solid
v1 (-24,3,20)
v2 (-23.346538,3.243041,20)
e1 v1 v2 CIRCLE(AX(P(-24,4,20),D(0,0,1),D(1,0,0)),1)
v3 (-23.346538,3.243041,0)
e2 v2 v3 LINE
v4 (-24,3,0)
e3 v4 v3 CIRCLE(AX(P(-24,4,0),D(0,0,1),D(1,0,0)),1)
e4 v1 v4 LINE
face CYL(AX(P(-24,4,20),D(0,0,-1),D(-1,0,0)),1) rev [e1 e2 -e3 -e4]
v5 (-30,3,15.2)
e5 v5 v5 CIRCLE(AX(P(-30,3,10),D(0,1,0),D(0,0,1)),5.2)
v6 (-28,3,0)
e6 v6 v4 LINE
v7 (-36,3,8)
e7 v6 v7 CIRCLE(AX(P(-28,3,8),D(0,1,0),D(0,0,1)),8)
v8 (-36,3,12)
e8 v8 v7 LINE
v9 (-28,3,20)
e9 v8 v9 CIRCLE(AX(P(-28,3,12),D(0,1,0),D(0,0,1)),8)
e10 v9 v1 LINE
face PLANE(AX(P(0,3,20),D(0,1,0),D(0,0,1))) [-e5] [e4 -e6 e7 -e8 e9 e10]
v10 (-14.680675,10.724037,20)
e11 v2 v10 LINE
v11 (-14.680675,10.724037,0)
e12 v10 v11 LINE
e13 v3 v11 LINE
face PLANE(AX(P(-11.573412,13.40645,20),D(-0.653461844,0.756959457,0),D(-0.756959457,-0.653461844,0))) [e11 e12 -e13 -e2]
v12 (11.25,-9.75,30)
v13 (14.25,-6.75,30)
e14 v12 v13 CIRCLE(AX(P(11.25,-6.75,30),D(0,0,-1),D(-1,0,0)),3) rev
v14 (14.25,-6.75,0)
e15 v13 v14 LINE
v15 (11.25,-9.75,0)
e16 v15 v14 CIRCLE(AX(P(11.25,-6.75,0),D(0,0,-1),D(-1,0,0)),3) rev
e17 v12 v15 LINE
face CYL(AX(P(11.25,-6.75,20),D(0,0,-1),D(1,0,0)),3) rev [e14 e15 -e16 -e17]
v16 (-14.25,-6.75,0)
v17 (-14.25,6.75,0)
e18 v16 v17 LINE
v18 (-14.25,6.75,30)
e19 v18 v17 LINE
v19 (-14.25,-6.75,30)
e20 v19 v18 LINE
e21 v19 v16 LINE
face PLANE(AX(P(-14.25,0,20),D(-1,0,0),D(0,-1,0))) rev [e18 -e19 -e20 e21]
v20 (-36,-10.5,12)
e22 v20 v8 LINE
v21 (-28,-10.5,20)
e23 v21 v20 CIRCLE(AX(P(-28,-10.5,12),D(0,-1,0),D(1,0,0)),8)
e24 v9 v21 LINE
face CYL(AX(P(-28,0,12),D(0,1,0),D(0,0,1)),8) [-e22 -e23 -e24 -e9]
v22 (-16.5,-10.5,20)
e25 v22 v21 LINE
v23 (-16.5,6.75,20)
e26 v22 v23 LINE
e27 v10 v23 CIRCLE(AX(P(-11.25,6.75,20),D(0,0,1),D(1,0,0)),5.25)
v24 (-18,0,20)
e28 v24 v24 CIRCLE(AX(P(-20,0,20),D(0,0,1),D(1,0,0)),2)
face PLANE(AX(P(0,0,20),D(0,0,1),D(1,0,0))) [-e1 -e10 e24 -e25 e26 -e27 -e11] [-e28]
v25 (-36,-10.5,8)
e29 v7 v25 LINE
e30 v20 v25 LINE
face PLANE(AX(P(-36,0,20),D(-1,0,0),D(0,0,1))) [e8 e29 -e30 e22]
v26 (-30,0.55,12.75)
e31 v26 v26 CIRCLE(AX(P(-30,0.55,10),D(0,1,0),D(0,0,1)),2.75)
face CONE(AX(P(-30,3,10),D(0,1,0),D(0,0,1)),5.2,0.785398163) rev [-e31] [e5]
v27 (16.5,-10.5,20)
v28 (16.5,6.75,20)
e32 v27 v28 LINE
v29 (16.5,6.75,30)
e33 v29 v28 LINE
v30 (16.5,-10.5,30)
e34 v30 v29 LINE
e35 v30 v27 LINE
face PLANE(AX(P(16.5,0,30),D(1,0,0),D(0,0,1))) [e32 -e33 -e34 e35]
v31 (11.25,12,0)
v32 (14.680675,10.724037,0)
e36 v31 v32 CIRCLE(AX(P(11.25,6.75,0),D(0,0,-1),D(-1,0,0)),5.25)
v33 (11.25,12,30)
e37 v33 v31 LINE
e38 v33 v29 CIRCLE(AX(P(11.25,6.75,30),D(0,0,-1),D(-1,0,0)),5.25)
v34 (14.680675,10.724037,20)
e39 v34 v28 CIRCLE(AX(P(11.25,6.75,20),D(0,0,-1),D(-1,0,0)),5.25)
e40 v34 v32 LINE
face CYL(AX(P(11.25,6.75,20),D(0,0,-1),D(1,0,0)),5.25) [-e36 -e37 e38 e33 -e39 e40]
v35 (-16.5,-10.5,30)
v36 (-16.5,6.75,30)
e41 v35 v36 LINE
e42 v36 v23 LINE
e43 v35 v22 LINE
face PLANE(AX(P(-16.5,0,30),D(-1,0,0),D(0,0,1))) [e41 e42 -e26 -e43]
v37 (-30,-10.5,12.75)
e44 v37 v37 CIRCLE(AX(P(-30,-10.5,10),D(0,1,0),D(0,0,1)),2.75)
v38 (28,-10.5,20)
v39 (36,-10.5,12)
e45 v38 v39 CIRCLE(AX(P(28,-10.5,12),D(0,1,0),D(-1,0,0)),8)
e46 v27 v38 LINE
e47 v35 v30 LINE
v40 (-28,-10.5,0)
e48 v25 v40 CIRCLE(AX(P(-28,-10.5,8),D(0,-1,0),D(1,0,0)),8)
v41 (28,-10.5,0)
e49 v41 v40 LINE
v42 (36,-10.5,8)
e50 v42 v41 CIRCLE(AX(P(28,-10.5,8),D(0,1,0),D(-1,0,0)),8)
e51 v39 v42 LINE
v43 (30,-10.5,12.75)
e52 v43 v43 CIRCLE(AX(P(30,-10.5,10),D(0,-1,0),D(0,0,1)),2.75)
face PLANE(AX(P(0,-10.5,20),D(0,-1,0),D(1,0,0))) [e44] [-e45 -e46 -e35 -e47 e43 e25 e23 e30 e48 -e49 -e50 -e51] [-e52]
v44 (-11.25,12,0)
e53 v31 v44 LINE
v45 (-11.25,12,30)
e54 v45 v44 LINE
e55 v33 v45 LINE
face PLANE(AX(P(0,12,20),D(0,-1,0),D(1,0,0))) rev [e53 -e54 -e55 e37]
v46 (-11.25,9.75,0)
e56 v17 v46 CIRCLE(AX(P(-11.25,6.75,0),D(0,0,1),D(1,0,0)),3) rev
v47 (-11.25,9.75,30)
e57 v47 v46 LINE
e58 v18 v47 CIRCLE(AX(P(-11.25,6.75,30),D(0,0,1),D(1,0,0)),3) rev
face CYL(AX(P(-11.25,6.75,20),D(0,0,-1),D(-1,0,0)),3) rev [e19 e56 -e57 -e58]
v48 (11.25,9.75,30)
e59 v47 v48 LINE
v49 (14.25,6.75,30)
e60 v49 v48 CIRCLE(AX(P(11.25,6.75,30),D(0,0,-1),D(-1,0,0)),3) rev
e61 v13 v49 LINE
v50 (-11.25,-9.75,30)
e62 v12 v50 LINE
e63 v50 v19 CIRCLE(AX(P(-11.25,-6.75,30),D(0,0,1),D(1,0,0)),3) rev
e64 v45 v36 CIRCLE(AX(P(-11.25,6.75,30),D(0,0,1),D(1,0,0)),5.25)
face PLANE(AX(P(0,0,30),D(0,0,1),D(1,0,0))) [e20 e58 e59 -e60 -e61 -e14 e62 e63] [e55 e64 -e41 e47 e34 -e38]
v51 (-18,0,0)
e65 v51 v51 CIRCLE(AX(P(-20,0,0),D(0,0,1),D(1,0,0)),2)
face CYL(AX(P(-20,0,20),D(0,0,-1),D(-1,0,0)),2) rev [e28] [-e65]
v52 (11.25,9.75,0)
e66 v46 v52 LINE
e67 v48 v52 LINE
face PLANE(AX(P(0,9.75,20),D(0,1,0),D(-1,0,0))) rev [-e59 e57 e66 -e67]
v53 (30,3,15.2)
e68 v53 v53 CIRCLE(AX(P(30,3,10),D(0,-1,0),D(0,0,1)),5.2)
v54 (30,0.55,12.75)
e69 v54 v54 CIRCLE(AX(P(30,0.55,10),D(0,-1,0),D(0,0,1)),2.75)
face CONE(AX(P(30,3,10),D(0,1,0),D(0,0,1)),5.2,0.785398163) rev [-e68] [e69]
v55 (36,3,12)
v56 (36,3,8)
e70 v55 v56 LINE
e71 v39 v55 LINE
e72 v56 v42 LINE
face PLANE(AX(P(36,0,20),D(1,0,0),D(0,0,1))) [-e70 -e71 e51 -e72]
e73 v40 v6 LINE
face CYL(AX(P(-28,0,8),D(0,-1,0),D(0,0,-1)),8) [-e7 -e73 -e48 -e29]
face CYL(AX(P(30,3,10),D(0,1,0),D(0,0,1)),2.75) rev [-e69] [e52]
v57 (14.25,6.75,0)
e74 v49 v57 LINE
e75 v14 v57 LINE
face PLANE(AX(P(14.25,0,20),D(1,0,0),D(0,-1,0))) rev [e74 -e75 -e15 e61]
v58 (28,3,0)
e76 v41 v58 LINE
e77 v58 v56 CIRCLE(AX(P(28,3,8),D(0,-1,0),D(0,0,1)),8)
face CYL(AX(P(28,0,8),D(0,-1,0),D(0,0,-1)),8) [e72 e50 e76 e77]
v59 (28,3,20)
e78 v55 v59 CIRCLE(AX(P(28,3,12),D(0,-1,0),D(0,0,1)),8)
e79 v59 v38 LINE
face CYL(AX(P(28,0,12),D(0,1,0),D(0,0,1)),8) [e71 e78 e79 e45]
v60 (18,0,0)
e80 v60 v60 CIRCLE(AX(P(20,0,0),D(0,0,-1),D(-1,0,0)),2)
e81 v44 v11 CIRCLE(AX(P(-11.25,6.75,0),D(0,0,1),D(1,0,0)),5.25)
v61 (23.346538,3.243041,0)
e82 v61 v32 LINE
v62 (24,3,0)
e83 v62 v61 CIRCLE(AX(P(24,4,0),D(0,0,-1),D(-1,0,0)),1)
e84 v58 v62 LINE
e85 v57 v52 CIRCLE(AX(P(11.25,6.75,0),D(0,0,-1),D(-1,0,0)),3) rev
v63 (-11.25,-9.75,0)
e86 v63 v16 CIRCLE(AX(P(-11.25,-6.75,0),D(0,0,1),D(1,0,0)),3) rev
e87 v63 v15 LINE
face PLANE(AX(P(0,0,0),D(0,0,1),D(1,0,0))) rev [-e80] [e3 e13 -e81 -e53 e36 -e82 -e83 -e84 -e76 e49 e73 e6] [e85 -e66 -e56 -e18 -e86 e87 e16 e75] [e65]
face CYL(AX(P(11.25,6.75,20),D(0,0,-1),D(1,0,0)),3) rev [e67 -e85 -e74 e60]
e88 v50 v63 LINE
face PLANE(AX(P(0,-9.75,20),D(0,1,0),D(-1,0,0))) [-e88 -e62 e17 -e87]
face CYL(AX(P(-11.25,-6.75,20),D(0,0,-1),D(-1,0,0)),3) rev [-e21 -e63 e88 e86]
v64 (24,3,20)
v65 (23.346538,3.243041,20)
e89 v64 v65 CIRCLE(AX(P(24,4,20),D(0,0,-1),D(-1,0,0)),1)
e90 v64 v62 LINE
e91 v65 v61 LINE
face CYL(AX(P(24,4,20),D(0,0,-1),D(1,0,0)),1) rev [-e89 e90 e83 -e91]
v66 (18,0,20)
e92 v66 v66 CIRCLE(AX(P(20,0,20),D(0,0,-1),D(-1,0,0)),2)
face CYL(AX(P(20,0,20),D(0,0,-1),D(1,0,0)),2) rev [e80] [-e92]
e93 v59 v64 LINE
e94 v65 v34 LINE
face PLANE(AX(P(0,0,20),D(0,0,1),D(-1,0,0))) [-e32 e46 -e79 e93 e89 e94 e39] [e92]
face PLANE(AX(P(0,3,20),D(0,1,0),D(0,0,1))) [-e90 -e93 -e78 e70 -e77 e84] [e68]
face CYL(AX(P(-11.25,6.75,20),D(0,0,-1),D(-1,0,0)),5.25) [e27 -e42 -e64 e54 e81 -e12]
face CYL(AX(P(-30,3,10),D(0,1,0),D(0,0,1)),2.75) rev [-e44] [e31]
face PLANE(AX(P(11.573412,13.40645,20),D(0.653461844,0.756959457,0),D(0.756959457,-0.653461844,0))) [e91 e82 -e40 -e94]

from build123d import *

# Parameters (mm, degrees)
SKETCH1_R                                       = 2
BOSS_EXTRUDE1_DEPTH                             = 20
CSK_FOR_M5_FLAT_HEAD_MACHINE_SCREW1_D           = 5.5
CSK_FOR_M5_FLAT_HEAD_MACHINE_SCREW1_CSINK_D     = 10.4
CSK_FOR_M5_FLAT_HEAD_MACHINE_SCREW1_CSINK_ANGLE = 90
BOSS_EXTRUDE2_DEPTH                             = 10
FILLET3_R                                       = 8


with BuildPart() as part:
    # Sketch1 → Boss-Extrude1 (new body)
    with BuildSketch(Plane.XY):
        with BuildLine():
            Line((0, -9.75), (-11.25, -9.75))
            ThreePointArc((-11.25, -9.75), (-13.371320344, -8.871320344), (-14.25, -6.75))
            Line((-14.25, -6.75), (-14.25, 6.75))
            ThreePointArc((-14.25, 6.75), (-13.371320344, 8.871320344), (-11.25, 9.75))
            Line((-11.25, 9.75), (0, 9.75))
            Line((0, 9.75), (0, 12))
            Line((0, 12), (-11.25, 12))
            ThreePointArc((-11.25, 12), (-13.080137287, 11.670680594), (-14.680674679, 10.724037147))
            Line((-14.680674679, 10.724037147), (-23.346538156, 3.243040543))
            ThreePointArc((-23.346538156, 3.243040543), (-23.651402422, 3.062727506), (-24, 3))
            Line((-24, 3), (-36, 3))
            Line((-36, 3), (-36, -10.5))
            Line((-36, -10.5), (0, -10.5))
            Line((0, -10.5), (0, -9.75))
        make_face()
        with Locations((-20, 0)):
            Circle(SKETCH1_R, mode=Mode.SUBTRACT)
    extrude(amount=BOSS_EXTRUDE1_DEPTH)

    # CSK for M5 Flat Head Machine Screw1 (through all)
    with Locations(Plane(origin=(0, 3, 0), x_dir=(1, 0, 0), z_dir=(0, 1, 0))):
        with Locations((-30, -10)):
            CounterSinkHole(CSK_FOR_M5_FLAT_HEAD_MACHINE_SCREW1_D / 2, CSK_FOR_M5_FLAT_HEAD_MACHINE_SCREW1_CSINK_D / 2, counter_sink_angle=CSK_FOR_M5_FLAT_HEAD_MACHINE_SCREW1_CSINK_ANGLE)

    # Sketch7 → Boss-Extrude2 (add)
    with BuildSketch(Plane.XY.offset(20)):
        with BuildLine():
            Line((0, 9.75), (0, 12))
            Line((0, 12), (-11.25, 12))
            ThreePointArc((-11.25, 12), (-13.080137287, 11.670680594), (-14.680674679, 10.724037147))
            ThreePointArc((-14.680674679, 10.724037147), (-16.023549102, 8.93534413), (-16.5, 6.75))
            Line((-16.5, 6.75), (-16.5, -10.5))
            Line((-16.5, -10.5), (0, -10.5))
            Line((0, -10.5), (0, -9.75))
            Line((0, -9.75), (-11.25, -9.75))
            ThreePointArc((-11.25, -9.75), (-13.371320344, -8.871320344), (-14.25, -6.75))
            Line((-14.25, -6.75), (-14.25, 6.75))
            ThreePointArc((-14.25, 6.75), (-13.371320344, 8.871320344), (-11.25, 9.75))
            Line((-11.25, 9.75), (0, 9.75))
        make_face()
    extrude(amount=BOSS_EXTRUDE2_DEPTH)

    # Fillet3
    fillet3_edges = [part.edges().sort_by_distance(p)[0] for p in [
        (-36, -3.75, 0),
        (-36, -3.75, 20),
    ]]
    fillet(fillet3_edges, radius=FILLET3_R)

    # Mirror1: part across plane


with BuildPart() as part_1:
    add(part.part)
    add(part.part.mirror(Plane(origin=(0, 0, 0), x_dir=(0, 0, 1), z_dir=(1, 0, 0))))


solid = part_1.part
